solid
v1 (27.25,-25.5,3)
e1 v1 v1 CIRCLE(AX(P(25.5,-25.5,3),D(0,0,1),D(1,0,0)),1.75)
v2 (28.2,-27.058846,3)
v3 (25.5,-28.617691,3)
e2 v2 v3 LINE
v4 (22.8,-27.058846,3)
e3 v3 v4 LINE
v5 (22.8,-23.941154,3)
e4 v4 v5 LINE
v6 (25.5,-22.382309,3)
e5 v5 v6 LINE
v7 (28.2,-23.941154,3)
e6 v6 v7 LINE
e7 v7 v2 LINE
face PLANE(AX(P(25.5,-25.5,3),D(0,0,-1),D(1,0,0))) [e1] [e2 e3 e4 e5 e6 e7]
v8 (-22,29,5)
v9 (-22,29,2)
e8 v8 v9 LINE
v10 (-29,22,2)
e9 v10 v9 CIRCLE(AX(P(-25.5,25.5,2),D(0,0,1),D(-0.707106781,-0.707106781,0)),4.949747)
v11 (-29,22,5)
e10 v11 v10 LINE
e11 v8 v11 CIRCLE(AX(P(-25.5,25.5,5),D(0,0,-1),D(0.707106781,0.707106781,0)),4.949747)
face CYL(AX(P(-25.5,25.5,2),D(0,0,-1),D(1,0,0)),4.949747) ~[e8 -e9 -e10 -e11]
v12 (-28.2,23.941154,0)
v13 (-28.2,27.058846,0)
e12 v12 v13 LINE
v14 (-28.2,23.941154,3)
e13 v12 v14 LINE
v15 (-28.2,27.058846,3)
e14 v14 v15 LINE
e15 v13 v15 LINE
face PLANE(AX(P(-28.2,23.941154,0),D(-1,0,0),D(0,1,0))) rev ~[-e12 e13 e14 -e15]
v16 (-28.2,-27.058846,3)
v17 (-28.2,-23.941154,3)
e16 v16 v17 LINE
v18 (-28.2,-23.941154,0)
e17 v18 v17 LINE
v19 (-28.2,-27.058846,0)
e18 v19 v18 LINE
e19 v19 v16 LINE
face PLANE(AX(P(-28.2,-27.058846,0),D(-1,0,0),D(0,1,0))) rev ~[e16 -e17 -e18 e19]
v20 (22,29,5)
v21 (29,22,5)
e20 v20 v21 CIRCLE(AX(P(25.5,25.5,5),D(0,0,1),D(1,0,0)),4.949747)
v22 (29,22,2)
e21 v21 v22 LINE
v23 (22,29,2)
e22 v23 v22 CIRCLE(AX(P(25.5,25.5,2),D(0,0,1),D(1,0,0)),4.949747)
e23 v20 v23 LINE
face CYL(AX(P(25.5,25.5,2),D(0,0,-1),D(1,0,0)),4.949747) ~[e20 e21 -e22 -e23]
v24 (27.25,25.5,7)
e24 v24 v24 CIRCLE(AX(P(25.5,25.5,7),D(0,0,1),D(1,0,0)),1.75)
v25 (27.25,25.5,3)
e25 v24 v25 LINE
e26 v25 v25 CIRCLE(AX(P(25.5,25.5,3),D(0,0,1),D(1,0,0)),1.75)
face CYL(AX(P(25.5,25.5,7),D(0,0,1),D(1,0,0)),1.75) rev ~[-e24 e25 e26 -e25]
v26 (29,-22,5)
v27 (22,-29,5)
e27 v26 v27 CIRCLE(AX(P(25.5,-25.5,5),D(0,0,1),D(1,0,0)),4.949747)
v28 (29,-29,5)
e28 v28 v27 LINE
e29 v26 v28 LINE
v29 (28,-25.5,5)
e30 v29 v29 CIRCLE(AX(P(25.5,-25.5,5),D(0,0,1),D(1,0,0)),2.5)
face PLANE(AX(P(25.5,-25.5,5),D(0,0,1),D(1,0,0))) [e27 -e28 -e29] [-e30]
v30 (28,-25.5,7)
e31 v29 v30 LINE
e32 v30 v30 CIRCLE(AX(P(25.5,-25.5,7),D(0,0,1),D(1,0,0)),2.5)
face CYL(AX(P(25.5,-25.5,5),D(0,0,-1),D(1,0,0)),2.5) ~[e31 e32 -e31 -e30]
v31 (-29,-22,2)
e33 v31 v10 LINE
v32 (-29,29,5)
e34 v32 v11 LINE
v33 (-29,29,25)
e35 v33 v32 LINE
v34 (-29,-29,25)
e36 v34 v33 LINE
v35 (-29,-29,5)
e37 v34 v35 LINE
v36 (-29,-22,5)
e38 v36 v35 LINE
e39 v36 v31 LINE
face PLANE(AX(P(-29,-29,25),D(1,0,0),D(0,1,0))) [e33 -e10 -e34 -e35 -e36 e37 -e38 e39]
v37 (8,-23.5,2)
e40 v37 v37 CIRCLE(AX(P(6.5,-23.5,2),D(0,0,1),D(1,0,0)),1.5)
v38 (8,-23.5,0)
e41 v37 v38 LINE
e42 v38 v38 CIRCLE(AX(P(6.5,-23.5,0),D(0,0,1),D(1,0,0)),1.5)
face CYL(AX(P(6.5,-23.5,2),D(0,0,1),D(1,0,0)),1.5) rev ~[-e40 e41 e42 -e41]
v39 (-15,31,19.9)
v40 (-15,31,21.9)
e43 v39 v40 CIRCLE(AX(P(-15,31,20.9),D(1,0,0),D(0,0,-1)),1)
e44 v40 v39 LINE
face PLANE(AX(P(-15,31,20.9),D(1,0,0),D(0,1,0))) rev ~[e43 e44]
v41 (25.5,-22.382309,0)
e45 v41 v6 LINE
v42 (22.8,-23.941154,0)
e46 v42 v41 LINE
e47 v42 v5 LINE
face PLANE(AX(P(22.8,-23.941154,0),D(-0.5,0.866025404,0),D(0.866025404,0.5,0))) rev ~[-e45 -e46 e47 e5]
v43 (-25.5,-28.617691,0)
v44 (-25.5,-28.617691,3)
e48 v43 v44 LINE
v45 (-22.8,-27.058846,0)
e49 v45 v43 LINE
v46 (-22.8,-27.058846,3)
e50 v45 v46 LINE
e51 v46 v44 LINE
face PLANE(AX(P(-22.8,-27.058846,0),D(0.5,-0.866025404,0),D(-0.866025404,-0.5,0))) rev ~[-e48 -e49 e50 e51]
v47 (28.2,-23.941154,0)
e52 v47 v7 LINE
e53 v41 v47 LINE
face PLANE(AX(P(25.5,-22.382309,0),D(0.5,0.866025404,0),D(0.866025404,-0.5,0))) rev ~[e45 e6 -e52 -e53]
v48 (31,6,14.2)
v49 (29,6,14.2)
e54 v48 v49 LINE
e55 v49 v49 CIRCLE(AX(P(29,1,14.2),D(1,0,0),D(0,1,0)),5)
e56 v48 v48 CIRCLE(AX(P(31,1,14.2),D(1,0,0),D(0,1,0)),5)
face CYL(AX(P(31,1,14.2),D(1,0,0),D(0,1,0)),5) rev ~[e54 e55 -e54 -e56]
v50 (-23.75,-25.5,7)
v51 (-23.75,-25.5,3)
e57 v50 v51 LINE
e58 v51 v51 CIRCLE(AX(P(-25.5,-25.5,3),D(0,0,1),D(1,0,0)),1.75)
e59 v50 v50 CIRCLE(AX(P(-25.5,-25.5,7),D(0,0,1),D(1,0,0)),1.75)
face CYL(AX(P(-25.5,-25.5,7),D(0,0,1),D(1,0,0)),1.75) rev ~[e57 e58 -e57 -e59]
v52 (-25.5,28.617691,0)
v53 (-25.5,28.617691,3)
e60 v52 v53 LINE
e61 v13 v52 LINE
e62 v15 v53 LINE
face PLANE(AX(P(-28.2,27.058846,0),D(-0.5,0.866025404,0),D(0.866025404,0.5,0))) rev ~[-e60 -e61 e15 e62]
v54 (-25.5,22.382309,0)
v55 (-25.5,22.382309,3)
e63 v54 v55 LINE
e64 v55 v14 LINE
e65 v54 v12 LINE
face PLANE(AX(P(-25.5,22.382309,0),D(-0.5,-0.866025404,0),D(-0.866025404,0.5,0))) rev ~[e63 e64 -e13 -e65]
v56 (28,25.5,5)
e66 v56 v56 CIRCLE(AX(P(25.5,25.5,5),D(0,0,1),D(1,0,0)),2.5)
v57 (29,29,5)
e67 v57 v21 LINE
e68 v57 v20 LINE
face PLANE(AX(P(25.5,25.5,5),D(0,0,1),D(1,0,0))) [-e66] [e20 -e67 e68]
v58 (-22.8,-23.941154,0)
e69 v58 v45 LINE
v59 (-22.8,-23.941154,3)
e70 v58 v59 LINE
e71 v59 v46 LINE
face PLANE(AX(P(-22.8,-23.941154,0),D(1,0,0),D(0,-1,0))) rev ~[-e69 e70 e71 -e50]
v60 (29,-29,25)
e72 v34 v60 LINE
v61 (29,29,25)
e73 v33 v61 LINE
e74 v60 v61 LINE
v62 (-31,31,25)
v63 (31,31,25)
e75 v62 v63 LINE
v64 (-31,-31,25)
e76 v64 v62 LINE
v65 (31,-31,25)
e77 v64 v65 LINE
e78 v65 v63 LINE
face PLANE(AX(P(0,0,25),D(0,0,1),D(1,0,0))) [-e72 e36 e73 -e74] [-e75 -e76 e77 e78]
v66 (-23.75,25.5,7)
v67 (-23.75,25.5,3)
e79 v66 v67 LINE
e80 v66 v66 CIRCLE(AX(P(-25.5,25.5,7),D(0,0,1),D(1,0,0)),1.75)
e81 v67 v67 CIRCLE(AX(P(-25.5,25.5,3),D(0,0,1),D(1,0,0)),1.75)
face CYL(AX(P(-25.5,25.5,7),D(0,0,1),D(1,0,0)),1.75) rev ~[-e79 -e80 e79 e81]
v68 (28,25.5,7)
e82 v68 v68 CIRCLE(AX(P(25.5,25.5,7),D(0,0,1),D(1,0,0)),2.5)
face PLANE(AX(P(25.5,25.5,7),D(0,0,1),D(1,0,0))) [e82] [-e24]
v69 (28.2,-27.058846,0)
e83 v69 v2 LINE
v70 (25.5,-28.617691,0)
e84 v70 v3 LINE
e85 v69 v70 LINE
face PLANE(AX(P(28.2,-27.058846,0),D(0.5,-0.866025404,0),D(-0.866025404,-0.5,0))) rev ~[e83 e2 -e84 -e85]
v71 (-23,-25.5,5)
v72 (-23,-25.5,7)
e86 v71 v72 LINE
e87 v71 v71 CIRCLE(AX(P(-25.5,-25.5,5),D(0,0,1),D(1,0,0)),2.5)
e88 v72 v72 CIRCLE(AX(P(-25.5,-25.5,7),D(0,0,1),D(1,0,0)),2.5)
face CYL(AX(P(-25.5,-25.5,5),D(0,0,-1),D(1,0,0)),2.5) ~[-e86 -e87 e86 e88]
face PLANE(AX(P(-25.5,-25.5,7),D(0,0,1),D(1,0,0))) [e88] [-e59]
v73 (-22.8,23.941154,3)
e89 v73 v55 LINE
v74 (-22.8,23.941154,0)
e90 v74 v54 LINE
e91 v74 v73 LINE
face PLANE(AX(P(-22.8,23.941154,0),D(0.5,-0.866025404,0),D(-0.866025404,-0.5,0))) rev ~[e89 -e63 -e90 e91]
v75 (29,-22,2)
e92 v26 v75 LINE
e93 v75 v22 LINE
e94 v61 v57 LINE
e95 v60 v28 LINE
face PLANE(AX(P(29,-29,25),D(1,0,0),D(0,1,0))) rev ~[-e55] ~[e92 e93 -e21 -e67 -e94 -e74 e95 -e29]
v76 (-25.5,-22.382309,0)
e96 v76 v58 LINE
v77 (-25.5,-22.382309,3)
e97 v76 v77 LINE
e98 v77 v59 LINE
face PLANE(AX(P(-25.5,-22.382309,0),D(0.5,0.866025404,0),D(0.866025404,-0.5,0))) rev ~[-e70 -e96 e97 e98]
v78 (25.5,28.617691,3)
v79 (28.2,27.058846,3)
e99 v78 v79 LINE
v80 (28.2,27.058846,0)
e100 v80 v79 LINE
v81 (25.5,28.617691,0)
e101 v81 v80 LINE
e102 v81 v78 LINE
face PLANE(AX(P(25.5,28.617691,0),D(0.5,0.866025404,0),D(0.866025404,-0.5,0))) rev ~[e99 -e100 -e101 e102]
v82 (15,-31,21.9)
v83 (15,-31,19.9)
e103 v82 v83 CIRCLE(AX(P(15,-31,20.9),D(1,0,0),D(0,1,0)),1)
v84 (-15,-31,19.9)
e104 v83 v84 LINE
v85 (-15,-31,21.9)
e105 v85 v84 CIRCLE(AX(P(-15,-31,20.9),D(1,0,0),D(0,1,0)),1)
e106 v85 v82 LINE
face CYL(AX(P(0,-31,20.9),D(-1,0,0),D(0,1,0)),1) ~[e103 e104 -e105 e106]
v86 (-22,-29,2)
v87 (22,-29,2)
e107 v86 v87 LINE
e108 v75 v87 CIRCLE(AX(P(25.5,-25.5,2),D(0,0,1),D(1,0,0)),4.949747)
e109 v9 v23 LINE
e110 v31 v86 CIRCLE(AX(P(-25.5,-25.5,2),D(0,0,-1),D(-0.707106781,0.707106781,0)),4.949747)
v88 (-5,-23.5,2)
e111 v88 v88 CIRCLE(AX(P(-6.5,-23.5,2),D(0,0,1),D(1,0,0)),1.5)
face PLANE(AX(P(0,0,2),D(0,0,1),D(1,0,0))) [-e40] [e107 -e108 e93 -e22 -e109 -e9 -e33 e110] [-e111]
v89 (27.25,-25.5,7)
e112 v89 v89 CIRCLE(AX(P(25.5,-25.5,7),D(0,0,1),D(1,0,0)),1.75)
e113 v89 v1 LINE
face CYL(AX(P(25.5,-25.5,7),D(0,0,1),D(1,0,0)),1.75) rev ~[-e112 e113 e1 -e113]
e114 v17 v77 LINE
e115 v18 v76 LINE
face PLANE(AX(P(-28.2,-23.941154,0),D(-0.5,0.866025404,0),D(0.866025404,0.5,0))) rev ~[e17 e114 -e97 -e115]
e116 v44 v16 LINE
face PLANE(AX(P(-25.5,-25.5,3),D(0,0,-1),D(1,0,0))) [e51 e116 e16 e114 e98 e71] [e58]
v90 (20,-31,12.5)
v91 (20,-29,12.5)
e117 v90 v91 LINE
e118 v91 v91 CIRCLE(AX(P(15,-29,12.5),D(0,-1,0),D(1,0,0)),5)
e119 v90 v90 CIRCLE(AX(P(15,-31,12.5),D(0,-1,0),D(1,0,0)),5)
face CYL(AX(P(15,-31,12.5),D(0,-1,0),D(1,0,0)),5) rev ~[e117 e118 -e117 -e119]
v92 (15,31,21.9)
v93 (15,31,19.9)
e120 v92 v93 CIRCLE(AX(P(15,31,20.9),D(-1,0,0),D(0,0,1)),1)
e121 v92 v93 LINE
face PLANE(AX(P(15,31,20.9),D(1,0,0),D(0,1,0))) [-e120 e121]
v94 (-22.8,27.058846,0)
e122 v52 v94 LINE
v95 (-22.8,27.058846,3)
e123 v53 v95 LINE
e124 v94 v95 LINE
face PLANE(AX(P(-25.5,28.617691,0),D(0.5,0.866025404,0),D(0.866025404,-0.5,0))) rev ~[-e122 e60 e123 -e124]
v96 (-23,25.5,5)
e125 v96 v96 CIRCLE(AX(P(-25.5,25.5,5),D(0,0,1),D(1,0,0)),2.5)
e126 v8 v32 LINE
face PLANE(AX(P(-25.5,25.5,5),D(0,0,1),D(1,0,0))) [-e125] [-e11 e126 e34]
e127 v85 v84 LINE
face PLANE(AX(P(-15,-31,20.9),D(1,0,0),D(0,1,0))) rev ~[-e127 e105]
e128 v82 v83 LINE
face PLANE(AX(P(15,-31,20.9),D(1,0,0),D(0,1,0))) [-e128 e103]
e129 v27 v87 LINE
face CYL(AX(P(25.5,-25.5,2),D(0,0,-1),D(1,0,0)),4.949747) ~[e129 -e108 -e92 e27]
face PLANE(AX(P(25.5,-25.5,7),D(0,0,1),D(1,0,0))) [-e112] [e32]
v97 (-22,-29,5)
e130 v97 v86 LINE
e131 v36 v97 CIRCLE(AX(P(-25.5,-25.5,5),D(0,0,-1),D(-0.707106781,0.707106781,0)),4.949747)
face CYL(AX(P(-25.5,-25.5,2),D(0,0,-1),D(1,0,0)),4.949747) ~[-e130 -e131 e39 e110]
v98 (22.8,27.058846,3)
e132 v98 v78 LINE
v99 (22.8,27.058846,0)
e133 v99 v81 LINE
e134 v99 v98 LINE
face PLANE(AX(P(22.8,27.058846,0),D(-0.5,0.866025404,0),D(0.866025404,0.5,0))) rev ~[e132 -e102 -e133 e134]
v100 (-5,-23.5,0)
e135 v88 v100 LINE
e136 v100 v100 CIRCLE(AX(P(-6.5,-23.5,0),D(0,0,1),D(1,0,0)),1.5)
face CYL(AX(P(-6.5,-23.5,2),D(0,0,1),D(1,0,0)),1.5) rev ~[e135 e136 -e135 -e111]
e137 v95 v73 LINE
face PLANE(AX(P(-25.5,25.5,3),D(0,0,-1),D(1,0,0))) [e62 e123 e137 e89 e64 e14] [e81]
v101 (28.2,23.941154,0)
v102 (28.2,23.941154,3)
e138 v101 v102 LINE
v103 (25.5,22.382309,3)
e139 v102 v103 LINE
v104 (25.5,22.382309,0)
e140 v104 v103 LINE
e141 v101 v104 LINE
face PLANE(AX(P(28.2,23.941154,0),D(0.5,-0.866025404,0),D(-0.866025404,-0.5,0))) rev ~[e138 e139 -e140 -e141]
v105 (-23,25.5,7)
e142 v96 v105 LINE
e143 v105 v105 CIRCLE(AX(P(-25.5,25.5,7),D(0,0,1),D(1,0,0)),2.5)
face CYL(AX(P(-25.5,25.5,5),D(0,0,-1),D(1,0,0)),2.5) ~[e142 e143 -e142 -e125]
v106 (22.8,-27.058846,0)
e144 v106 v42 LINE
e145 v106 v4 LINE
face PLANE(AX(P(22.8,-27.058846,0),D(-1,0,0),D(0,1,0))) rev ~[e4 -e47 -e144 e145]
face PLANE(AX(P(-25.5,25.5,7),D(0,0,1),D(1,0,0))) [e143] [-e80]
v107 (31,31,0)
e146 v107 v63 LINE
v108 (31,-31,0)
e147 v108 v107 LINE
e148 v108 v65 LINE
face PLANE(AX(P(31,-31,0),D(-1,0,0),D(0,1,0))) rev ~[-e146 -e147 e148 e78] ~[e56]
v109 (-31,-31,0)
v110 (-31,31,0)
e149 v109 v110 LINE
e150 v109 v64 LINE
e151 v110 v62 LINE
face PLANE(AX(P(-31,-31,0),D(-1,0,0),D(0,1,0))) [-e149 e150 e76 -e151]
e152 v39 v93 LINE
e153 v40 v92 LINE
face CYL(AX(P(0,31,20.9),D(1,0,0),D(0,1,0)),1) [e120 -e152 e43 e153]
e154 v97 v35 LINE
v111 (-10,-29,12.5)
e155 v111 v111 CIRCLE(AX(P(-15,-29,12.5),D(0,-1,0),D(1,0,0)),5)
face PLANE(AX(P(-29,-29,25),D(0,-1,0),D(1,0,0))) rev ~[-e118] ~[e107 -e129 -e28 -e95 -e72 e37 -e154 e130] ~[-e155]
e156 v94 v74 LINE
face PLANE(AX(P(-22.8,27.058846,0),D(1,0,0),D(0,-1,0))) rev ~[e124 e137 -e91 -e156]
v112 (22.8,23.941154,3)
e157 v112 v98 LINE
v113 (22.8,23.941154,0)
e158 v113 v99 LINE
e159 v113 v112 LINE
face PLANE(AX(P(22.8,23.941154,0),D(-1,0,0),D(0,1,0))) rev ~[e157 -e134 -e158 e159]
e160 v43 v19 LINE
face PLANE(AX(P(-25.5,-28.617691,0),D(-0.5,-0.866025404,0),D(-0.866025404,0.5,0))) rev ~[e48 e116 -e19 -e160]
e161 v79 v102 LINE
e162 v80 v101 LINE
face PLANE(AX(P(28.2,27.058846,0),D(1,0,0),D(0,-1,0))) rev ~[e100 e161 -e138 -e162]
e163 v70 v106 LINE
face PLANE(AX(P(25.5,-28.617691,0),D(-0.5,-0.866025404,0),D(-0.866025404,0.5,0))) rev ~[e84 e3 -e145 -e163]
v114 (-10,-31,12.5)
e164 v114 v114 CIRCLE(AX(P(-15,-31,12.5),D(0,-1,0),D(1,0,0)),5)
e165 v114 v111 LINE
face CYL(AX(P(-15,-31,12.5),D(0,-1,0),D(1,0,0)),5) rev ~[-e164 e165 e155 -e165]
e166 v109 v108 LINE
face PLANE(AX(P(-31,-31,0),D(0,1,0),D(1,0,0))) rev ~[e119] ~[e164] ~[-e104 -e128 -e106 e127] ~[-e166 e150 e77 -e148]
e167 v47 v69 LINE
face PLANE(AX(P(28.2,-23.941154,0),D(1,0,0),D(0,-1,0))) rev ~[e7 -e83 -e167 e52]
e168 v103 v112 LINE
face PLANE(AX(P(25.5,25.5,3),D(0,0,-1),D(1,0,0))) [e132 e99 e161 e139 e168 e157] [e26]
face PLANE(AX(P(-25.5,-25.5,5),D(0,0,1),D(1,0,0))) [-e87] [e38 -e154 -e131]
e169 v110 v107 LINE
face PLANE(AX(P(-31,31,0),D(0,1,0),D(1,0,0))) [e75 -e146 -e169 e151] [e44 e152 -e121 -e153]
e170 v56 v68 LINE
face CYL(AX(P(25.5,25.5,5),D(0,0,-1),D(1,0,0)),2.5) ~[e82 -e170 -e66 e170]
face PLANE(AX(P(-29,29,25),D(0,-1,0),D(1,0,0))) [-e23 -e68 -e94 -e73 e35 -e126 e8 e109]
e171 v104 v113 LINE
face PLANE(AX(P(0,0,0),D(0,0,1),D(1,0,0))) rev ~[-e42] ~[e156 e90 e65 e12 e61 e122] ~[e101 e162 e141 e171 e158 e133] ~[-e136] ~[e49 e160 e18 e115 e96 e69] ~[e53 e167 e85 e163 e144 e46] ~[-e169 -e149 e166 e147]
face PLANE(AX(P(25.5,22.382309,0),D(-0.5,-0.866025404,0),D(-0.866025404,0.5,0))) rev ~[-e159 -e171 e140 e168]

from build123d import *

# Parameters (mm, degrees)
SKETCH_W        = 62
SKETCH_H        = 62
PAD_DEPTH       = 25
SKETCH001_W     = 58
SKETCH001_H     = 58
POCKET_DEPTH    = 23
SKETCH002_R     = 4.9497474683
PAD001_DEPTH    = 3
SKETCH003_R     = 2.5
PAD002_DEPTH    = 2
SKETCH004_R     = 1.75
POCKET001_DEPTH = 7.001
POCKET002_DEPTH = 3
SKETCH006_R     = 1.5
POCKET003_DEPTH = 2.001
SKETCH007_R     = 5
POCKET004_DEPTH = 2
SKETCH008_R     = 5
POCKET005_DEPTH = 2
SKETCH009_R     = 1
PAD003_DEPTH    = 15


with BuildPart() as part:
    # Sketch → Pad (new body)
    with BuildSketch(Plane.XY):
        Rectangle(SKETCH_W, SKETCH_H)
    extrude(amount=PAD_DEPTH)

    # Sketch001 (on Face6 of Pad) → Pocket (cut)
    with BuildSketch(Plane.XY.offset(25)):
        Rectangle(SKETCH001_W, SKETCH001_H)
    extrude(amount=-POCKET_DEPTH, mode=Mode.SUBTRACT)

    # Sketch002 (on Face11 of Pocket) → Pad001 (join)
    with BuildSketch(Plane.XY.offset(2)):
        with Locations((-25.5, 25.5)):
            Circle(SKETCH002_R)
        with Locations((25.5, 25.5)):
            Circle(SKETCH002_R)
        with Locations((25.5, -25.5)):
            Circle(SKETCH002_R)
        with Locations((-25.5, -25.5)):
            Circle(SKETCH002_R)
    extrude(amount=PAD001_DEPTH)

    # Sketch003 (on Face15 of Pad001) → Pad002 (join)
    with BuildSketch(Plane.XY.offset(5)):
        with Locations((-25.5, 25.5)):
            Circle(SKETCH003_R)
        with Locations((25.5, 25.5)):
            Circle(SKETCH003_R)
        with Locations((25.5, -25.5)):
            Circle(SKETCH003_R)
        with Locations((-25.5, -25.5)):
            Circle(SKETCH003_R)
    extrude(amount=PAD002_DEPTH)

    # Sketch004 (on Face27 of Pad002) → Pocket001 (cut, through all)
    with BuildSketch(Plane.XY.offset(7)):
        with Locations((-25.5, 25.5)):
            Circle(SKETCH004_R)
        with Locations((25.5, 25.5)):
            Circle(SKETCH004_R)
        with Locations((25.5, -25.5)):
            Circle(SKETCH004_R)
        with Locations((-25.5, -25.5)):
            Circle(SKETCH004_R)
    extrude(amount=-POCKET001_DEPTH, mode=Mode.SUBTRACT)

    # Sketch005 (on Face4 of Pocket001) → Pocket002 (cut)
    with BuildSketch(Plane(origin=(0, 0, 0), x_dir=(1, 0, 0), z_dir=(0, 0, -1))):
        Polygon((-22.8, 23.9411542732), (-22.8, 27.0588457268), (-25.5, 28.6176914536), (-28.2, 27.0588457268), (-28.2, 23.9411542732), (-25.5, 22.3823085464), align=None)
        Polygon((22.8, 23.9411542732), (25.5, 22.3823085464), (28.2, 23.9411542732), (28.2, 27.0588457268), (25.5, 28.6176914536), (22.8, 27.0588457268), align=None)
        Polygon((-22.8, -27.0588457268), (-22.8, -23.9411542732), (-25.5, -22.3823085464), (-28.2, -23.9411542732), (-28.2, -27.0588457268), (-25.5, -28.6176914536), align=None)
        Polygon((25.5, -28.6176914536), (28.2, -27.0588457268), (28.2, -23.9411542732), (25.5, -22.3823085464), (22.8, -23.9411542732), (22.8, -27.0588457268), align=None)
    extrude(amount=-POCKET002_DEPTH, mode=Mode.SUBTRACT)

    # Sketch006 (on Face41 of Pocket002) → Pocket003 (cut, through all)
    with BuildSketch(Plane.XY.offset(2)):
        with Locations((-6.5, -23.5)):
            Circle(SKETCH006_R)
        with Locations((6.5, -23.5)):
            Circle(SKETCH006_R)
    extrude(amount=-POCKET003_DEPTH, mode=Mode.SUBTRACT)

    # Sketch007 (on Face6 of Pocket003) → Pocket004 (cut)
    with BuildSketch(Plane.XZ.offset(31)):
        with Locations((-15, 12.5)):
            Circle(SKETCH007_R)
        with Locations((15, 12.5)):
            Circle(SKETCH007_R)
    extrude(amount=-POCKET004_DEPTH, mode=Mode.SUBTRACT)

    # Sketch008 (on Face3 of Pocket004) → Pocket005 (cut)
    with BuildSketch(Plane.YZ.offset(31)):
        with Locations((1, 14.2)):
            Circle(SKETCH008_R)
    extrude(amount=-POCKET005_DEPTH, mode=Mode.SUBTRACT)

    # Sketch009 (on DatumPlane) → Pad003 (join, symmetric)
    with BuildSketch(Plane(origin=(0, -31, 25), x_dir=(0, 1, 0), z_dir=(1, 0, 0))):
        with Locations((0, -4.1)):
            Circle(SKETCH009_R)
        with Locations((62, -4.1)):
            Circle(SKETCH009_R)
    extrude(amount=PAD003_DEPTH, both=True)


solid = part.part
